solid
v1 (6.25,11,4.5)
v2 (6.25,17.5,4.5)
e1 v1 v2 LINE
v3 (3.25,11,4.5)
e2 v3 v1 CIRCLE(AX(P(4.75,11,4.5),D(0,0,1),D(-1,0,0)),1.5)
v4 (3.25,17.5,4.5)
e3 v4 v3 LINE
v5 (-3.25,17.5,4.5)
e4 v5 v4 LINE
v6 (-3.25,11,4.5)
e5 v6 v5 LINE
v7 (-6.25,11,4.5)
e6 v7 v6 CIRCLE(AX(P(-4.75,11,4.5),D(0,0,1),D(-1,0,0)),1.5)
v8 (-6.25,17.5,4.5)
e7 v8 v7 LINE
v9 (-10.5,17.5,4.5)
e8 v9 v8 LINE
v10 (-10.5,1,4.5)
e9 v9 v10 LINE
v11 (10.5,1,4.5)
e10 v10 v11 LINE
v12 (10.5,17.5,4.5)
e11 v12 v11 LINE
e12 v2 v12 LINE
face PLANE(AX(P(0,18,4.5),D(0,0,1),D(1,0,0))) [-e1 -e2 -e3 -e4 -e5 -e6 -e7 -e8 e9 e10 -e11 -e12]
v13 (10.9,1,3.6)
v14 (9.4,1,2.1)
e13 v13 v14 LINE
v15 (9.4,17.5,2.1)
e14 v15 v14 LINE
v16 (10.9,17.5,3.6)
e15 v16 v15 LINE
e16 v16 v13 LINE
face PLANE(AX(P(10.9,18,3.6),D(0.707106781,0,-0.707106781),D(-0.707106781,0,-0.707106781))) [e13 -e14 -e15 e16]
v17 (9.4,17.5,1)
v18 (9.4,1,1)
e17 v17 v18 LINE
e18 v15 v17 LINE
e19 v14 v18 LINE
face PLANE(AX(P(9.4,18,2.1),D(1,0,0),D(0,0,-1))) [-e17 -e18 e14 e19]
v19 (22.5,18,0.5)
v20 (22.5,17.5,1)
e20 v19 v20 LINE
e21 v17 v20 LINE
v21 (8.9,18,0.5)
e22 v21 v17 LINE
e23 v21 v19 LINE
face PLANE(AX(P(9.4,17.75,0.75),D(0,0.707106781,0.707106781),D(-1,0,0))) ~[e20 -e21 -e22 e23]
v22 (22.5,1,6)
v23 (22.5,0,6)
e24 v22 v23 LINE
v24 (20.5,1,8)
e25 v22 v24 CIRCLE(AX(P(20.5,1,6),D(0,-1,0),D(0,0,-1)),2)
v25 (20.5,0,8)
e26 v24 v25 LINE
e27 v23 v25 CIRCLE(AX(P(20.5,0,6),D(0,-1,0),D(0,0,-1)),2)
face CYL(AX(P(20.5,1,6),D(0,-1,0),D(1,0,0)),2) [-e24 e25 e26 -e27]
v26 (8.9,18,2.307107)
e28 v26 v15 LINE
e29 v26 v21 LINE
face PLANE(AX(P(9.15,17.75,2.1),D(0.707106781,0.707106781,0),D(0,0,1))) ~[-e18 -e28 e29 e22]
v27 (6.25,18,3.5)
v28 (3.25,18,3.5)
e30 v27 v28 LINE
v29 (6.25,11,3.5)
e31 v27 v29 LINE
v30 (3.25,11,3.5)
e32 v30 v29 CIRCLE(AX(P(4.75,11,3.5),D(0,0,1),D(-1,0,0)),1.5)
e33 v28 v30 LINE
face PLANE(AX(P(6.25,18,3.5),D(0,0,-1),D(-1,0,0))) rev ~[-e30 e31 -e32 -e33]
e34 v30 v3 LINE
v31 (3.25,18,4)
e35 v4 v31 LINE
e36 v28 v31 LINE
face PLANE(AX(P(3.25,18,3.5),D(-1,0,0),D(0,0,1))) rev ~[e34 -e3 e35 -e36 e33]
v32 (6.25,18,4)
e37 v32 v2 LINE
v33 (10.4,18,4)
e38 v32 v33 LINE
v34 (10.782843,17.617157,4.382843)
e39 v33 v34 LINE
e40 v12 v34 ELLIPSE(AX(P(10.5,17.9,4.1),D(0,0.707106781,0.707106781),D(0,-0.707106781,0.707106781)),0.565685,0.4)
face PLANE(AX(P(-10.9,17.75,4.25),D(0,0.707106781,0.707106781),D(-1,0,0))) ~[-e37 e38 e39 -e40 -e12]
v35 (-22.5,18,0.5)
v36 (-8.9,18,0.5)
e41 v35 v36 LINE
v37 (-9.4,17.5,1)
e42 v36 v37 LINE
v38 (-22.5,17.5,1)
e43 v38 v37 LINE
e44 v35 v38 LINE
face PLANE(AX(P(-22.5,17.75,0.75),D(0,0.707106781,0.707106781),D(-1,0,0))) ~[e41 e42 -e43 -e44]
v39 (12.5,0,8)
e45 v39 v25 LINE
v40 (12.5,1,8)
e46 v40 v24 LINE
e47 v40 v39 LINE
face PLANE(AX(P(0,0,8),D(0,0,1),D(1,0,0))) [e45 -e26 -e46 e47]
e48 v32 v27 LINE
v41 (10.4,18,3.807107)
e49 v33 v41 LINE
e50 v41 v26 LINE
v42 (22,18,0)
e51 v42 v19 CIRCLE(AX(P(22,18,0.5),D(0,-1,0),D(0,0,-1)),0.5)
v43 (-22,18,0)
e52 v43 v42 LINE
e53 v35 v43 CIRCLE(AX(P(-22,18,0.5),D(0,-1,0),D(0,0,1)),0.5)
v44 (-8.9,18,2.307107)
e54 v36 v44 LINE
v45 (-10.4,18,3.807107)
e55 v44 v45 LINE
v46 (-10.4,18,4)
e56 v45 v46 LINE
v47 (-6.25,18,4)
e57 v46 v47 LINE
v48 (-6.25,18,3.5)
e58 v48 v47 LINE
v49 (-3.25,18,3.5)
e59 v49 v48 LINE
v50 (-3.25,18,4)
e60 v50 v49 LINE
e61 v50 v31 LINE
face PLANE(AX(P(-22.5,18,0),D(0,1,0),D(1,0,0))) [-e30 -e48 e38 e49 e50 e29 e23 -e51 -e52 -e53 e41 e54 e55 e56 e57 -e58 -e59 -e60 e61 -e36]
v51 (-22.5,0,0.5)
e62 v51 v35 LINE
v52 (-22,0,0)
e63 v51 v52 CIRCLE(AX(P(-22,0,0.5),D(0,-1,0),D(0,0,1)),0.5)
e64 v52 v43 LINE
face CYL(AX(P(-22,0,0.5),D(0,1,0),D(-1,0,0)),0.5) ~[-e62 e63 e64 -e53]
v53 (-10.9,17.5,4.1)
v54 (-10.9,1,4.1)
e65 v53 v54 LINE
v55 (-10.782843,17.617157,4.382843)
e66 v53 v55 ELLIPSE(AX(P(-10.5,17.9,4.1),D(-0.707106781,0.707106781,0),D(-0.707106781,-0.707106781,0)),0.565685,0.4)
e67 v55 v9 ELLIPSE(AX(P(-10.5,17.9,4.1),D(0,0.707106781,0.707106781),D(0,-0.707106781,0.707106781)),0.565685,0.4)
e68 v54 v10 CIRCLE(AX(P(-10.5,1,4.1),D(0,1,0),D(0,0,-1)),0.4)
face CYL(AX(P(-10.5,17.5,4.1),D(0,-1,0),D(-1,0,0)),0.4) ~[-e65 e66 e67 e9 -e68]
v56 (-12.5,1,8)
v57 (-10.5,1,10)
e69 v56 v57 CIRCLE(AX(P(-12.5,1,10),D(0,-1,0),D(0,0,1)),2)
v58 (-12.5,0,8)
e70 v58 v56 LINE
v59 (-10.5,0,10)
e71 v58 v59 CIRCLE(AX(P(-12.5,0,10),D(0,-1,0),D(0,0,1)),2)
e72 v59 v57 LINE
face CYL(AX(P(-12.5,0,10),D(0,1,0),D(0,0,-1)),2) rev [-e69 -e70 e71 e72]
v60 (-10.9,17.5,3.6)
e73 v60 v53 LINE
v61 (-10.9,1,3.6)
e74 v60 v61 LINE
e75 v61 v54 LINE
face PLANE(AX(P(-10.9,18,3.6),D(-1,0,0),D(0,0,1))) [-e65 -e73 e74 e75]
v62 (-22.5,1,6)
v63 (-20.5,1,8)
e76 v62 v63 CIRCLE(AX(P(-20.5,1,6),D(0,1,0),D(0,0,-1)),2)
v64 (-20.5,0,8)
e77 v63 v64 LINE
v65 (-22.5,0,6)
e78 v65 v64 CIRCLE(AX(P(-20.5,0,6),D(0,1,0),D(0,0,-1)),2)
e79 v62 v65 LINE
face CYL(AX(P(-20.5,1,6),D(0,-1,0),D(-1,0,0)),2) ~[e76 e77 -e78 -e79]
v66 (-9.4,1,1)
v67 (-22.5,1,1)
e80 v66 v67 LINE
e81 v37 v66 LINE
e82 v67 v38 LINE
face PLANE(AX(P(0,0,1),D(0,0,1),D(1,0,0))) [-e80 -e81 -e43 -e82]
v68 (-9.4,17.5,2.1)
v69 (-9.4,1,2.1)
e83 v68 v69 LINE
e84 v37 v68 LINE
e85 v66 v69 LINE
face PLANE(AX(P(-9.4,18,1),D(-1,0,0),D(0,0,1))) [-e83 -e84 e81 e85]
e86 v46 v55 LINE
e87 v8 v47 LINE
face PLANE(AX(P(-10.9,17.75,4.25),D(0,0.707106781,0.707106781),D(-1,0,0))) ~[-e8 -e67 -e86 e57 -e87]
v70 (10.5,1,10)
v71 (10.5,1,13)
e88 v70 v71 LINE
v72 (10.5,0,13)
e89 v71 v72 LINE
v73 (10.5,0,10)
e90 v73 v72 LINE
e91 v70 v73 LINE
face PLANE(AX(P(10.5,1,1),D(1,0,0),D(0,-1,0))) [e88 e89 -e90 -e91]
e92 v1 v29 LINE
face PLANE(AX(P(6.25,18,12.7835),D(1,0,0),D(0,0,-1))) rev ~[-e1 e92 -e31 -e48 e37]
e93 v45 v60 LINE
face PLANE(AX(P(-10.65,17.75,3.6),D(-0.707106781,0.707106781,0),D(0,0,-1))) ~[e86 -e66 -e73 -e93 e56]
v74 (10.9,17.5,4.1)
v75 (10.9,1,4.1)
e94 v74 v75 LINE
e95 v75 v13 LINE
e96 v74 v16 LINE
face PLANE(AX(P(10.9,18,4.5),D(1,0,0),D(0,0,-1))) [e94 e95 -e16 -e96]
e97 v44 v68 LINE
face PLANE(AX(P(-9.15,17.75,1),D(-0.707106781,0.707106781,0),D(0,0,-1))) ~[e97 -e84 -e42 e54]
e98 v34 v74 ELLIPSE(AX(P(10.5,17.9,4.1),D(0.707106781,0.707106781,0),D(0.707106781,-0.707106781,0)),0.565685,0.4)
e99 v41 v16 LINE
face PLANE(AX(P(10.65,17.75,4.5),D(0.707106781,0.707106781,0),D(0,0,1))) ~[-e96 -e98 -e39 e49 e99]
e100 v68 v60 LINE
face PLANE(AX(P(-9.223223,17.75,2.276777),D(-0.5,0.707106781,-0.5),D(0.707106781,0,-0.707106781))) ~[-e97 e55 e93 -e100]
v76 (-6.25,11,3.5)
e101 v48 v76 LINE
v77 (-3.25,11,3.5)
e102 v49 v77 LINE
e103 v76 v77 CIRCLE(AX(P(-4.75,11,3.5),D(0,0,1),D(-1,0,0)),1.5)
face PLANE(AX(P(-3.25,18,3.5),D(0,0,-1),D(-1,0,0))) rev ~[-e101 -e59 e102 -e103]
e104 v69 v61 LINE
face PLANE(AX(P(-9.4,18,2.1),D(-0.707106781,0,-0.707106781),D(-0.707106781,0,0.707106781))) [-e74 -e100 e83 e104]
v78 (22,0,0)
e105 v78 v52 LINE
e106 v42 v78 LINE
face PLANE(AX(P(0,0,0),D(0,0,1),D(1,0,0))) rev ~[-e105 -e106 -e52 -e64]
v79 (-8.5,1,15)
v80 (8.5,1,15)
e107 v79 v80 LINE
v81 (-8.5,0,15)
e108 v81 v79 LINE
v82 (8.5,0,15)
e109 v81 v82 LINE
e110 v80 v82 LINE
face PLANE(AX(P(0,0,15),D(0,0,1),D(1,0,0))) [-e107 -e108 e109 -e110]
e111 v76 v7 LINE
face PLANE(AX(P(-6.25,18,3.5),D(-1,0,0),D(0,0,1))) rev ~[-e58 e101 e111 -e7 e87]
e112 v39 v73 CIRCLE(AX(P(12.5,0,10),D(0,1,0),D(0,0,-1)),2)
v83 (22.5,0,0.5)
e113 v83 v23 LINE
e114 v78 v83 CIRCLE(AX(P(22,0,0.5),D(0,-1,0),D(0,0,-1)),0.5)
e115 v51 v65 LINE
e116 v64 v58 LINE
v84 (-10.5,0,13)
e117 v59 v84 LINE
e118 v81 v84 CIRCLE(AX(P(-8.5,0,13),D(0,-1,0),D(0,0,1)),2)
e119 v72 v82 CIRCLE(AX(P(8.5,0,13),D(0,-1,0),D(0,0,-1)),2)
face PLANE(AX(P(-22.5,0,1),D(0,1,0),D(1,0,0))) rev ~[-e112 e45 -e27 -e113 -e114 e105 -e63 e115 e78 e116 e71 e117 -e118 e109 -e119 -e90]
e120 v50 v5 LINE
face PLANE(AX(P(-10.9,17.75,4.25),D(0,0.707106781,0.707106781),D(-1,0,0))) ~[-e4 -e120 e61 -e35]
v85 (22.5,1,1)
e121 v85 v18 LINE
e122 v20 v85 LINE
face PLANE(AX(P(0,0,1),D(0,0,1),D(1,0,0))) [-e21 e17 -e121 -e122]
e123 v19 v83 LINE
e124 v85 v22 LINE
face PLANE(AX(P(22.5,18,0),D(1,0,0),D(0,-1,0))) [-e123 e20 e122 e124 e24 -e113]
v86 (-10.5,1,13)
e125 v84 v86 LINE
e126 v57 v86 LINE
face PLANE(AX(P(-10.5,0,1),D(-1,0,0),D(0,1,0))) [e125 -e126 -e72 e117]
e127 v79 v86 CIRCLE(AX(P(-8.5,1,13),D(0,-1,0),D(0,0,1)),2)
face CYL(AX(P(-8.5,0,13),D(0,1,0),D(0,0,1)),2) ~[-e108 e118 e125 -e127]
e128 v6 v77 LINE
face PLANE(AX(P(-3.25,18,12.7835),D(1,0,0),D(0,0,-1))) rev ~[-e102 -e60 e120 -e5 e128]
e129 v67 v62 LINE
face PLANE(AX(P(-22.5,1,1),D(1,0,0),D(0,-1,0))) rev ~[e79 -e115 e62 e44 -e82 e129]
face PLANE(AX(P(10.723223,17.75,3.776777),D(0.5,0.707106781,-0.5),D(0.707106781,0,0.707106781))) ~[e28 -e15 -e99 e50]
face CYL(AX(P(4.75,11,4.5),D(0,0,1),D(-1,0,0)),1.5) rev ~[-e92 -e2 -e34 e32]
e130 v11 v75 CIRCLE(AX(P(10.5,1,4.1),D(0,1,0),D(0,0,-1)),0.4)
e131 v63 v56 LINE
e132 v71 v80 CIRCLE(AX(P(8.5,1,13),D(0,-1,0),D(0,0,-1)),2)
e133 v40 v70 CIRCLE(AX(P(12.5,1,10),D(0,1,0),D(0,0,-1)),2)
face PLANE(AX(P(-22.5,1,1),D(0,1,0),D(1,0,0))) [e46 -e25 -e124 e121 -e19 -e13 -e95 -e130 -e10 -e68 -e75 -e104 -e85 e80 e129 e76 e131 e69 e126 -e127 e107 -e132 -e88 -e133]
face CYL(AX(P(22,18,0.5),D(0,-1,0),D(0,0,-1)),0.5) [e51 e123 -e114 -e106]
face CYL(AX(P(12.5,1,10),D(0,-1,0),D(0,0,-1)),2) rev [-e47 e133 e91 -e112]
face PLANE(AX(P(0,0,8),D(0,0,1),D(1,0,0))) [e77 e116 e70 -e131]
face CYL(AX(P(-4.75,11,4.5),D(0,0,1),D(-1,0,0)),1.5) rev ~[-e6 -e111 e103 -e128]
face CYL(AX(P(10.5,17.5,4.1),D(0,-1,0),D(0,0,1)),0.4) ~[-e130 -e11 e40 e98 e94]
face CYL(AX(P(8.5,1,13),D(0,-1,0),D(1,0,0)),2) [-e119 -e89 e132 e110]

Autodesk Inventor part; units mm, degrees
ref_plane "YZ Plane" through (0, 0, 0) normal (1, 0, 0) x (0, 1, 0)
ref_plane "XZ Plane" through (0, 0, 0) normal (0, 1, 0) x (-1, 0, 0)
ref_plane "XY Plane" through (0, 0, 0) normal (0, 0, 1) x (1, 0, 0)
sketch "Sketch1" plane through (0, 0, 0) normal (0, 0, 1) x (1, 0, 0)
  line L0 (-22.5, 18) -> (22.5, 18)
  line L1 (22.5, 18) -> (22.5, 0)
  line L2 (22.5, 0) -> (-22.5, 0)
  line L3 (-22.5, 0) -> (-22.5, 18)
  point P0 (0, 0)
  point P1 (0, 0)
  dimension "d0" = 18
  dimension "d1" = 45
extrude "Extrusion1" add sketch "Sketch1" along normal blind 1
sketch "Sketch2" plane through (0, 0, 1) normal (0, 0, 1) x (1, 0, 0)
  line L0 (-22.5, 18) -> (-22.5, 0) projected
  line L1 (-22.5, 0) -> (22.5, 0) projected
  line L2 (-10.5, 1) -> (10.5, 1)
  line L3 (10.5, 1) -> (10.5, 0)
  line L4 (10.5, 0) -> (-10.5, 0)
  line L5 (-10.5, 0) -> (-10.5, 1)
  point P0 (0, 0)
  point P1 (0, 0)
  dimension "d28" = 21
  dimension "d29" = 1
extrude "Extrusion2" add sketch "Sketch2" along normal blind 14
sketch "Sketch5" plane through (0, 0, 1) normal (0, 0, 1) x (1, 0, 0)
  line L0 (-22.5, 0) -> (22.5, 0) projected
  line L1 (-22.5, 18) -> (-22.5, 0) projected
  line L2 (22.5, 0) -> (-22.5, 0)
  line L3 (-22.5, 0) -> (-22.5, 1)
  line L4 (-22.5, 1) -> (22.5, 1)
  line L5 (22.5, 1) -> (22.5, 0)
  line L6 (10.5, 1) -> (-10.5, 1) projected
extrude "Extrusion5" add sketch "Sketch5" along normal blind 7
sketch "Sketch3" plane through (-22.5, 18, 0) normal (0, 1, 0) x (1, 0, 0)
  line L0 (45, -1) -> (0, -1) projected
  line L1 (13.1, -1) -> (13.1, -2.1)
  line L2 (13.1, -2.1) -> (11.6, -3.6)
  line L3 (11.6, -3.6) -> (11.6, -4.5)
  line L4 (11.6, -4.5) -> (33.4, -4.5)
  line L5 (33.4, -4.5) -> (33.4, -3.6)
  line L6 (33.4, -3.6) -> (31.9, -2.1)
  line L7 (31.9, -2.1) -> (31.9, -1)
  line L8 (7, -1) -> (43, -1) projected
  line L9 (22.5, 3) -> (22.5, -18) projected
  point P0 (22.5, 0)
  dimension "d11" = 135
  dimension "d12" = 1.1
  dimension "d13" = 0.9
  dimension "d14" = 21.8
  dimension "d15" = 3.5
  dimension "d27" = 18.8
extrude "Extrusion3" add sketch "Sketch3" against normal up to surface (18 mm away)
chamfer "Chamfer1" distance 0.5 angle 45 9 edges at (0, 18, 4.5) (10.9, 18, 4.05) (10.15, 18, 2.85) (9.4, 18, 1.55) (15.95, 18, 1) (-10.9, 18, 4.05) (-10.15, 18, 2.85) (-9.4, 18, 1.55) (-15.95, 18, 1)
fillet "Fillet1" radius 0.4 2 edges at (10.9, 9.25, 4.5) (-10.9, 9.25, 4.5)
fillet "Fillet1" radius 0.5 2 edges at (22.5, 9, 0) (-22.5, 9, 0)
sketch "Sketch6" plane through (-10.4, 18, 4) normal (0, 1, 0) x (1, 0, 0)
  line L0 (4.15, -8.7835) -> (7.15, -8.7835)
  line L1 (7.15, -8.7835) -> (7.15, 0.5)
  line L2 (7.15, 0.5) -> (4.15, 0.5)
  line L3 (4.15, 0.5) -> (4.15, -8.7835)
  line L4 (13.65, -8.7835) -> (16.65, -8.7835)
  line L5 (16.65, -8.7835) -> (16.65, 0.5)
  line L6 (16.65, 0.5) -> (13.65, 0.5)
  line L7 (13.65, 0.5) -> (13.65, -8.7835)
  line L8 (5.65, -8.7835) -> (5.65, 0.5) construction
  line L9 (15.15, 0.5) -> (15.15, -8.7835) construction
  line L10 (-0.1, -0.5) -> (20.9, -0.5) construction
  point P0 (10.4, 4)
  dimension "d30" = 3
  dimension "d31" = 1
  dimension "d32" = 9.5
  dimension "d33" = 4.75
extrude "Extrusion6" cut sketch "Sketch6" against normal blind 7
sketch "Sketch7" plane through (-10.5, 1, 4.5) normal (0, 0, 1) x (1, 0, 0)
  line L0 (7.25, 10) -> (4.25, 10) projected
  arc A0 (4.25, 10) -> (7.25, 10) centre (5.75, 10) ccw
  line L1 (16.75, 10) -> (13.75, 10) projected
  arc A1 (13.75, 10) -> (16.75, 10) centre (15.25, 10) ccw
  line L2 (7.25, 16.5) -> (7.25, 10) projected
  line L3 (13.75, 10) -> (13.75, 16.5) projected
  point P0 (10.5, -1)
extrude "Extrusion7" cut sketch "Sketch7" against normal up to surface (1 mm away)
fillet "Fillet2" radius 2 6 edges at (10.5, 0.5, 8) (22.5, 0.5, 8) (-22.5, 0.5, 8) (-10.5, 0.5, 8) (-10.5, 0.5, 15) (10.5, 0.5, 15)
equation "\"d33\" = 0.5 * d32"
properties part number "EndSwitchMountingPlate_v02"
